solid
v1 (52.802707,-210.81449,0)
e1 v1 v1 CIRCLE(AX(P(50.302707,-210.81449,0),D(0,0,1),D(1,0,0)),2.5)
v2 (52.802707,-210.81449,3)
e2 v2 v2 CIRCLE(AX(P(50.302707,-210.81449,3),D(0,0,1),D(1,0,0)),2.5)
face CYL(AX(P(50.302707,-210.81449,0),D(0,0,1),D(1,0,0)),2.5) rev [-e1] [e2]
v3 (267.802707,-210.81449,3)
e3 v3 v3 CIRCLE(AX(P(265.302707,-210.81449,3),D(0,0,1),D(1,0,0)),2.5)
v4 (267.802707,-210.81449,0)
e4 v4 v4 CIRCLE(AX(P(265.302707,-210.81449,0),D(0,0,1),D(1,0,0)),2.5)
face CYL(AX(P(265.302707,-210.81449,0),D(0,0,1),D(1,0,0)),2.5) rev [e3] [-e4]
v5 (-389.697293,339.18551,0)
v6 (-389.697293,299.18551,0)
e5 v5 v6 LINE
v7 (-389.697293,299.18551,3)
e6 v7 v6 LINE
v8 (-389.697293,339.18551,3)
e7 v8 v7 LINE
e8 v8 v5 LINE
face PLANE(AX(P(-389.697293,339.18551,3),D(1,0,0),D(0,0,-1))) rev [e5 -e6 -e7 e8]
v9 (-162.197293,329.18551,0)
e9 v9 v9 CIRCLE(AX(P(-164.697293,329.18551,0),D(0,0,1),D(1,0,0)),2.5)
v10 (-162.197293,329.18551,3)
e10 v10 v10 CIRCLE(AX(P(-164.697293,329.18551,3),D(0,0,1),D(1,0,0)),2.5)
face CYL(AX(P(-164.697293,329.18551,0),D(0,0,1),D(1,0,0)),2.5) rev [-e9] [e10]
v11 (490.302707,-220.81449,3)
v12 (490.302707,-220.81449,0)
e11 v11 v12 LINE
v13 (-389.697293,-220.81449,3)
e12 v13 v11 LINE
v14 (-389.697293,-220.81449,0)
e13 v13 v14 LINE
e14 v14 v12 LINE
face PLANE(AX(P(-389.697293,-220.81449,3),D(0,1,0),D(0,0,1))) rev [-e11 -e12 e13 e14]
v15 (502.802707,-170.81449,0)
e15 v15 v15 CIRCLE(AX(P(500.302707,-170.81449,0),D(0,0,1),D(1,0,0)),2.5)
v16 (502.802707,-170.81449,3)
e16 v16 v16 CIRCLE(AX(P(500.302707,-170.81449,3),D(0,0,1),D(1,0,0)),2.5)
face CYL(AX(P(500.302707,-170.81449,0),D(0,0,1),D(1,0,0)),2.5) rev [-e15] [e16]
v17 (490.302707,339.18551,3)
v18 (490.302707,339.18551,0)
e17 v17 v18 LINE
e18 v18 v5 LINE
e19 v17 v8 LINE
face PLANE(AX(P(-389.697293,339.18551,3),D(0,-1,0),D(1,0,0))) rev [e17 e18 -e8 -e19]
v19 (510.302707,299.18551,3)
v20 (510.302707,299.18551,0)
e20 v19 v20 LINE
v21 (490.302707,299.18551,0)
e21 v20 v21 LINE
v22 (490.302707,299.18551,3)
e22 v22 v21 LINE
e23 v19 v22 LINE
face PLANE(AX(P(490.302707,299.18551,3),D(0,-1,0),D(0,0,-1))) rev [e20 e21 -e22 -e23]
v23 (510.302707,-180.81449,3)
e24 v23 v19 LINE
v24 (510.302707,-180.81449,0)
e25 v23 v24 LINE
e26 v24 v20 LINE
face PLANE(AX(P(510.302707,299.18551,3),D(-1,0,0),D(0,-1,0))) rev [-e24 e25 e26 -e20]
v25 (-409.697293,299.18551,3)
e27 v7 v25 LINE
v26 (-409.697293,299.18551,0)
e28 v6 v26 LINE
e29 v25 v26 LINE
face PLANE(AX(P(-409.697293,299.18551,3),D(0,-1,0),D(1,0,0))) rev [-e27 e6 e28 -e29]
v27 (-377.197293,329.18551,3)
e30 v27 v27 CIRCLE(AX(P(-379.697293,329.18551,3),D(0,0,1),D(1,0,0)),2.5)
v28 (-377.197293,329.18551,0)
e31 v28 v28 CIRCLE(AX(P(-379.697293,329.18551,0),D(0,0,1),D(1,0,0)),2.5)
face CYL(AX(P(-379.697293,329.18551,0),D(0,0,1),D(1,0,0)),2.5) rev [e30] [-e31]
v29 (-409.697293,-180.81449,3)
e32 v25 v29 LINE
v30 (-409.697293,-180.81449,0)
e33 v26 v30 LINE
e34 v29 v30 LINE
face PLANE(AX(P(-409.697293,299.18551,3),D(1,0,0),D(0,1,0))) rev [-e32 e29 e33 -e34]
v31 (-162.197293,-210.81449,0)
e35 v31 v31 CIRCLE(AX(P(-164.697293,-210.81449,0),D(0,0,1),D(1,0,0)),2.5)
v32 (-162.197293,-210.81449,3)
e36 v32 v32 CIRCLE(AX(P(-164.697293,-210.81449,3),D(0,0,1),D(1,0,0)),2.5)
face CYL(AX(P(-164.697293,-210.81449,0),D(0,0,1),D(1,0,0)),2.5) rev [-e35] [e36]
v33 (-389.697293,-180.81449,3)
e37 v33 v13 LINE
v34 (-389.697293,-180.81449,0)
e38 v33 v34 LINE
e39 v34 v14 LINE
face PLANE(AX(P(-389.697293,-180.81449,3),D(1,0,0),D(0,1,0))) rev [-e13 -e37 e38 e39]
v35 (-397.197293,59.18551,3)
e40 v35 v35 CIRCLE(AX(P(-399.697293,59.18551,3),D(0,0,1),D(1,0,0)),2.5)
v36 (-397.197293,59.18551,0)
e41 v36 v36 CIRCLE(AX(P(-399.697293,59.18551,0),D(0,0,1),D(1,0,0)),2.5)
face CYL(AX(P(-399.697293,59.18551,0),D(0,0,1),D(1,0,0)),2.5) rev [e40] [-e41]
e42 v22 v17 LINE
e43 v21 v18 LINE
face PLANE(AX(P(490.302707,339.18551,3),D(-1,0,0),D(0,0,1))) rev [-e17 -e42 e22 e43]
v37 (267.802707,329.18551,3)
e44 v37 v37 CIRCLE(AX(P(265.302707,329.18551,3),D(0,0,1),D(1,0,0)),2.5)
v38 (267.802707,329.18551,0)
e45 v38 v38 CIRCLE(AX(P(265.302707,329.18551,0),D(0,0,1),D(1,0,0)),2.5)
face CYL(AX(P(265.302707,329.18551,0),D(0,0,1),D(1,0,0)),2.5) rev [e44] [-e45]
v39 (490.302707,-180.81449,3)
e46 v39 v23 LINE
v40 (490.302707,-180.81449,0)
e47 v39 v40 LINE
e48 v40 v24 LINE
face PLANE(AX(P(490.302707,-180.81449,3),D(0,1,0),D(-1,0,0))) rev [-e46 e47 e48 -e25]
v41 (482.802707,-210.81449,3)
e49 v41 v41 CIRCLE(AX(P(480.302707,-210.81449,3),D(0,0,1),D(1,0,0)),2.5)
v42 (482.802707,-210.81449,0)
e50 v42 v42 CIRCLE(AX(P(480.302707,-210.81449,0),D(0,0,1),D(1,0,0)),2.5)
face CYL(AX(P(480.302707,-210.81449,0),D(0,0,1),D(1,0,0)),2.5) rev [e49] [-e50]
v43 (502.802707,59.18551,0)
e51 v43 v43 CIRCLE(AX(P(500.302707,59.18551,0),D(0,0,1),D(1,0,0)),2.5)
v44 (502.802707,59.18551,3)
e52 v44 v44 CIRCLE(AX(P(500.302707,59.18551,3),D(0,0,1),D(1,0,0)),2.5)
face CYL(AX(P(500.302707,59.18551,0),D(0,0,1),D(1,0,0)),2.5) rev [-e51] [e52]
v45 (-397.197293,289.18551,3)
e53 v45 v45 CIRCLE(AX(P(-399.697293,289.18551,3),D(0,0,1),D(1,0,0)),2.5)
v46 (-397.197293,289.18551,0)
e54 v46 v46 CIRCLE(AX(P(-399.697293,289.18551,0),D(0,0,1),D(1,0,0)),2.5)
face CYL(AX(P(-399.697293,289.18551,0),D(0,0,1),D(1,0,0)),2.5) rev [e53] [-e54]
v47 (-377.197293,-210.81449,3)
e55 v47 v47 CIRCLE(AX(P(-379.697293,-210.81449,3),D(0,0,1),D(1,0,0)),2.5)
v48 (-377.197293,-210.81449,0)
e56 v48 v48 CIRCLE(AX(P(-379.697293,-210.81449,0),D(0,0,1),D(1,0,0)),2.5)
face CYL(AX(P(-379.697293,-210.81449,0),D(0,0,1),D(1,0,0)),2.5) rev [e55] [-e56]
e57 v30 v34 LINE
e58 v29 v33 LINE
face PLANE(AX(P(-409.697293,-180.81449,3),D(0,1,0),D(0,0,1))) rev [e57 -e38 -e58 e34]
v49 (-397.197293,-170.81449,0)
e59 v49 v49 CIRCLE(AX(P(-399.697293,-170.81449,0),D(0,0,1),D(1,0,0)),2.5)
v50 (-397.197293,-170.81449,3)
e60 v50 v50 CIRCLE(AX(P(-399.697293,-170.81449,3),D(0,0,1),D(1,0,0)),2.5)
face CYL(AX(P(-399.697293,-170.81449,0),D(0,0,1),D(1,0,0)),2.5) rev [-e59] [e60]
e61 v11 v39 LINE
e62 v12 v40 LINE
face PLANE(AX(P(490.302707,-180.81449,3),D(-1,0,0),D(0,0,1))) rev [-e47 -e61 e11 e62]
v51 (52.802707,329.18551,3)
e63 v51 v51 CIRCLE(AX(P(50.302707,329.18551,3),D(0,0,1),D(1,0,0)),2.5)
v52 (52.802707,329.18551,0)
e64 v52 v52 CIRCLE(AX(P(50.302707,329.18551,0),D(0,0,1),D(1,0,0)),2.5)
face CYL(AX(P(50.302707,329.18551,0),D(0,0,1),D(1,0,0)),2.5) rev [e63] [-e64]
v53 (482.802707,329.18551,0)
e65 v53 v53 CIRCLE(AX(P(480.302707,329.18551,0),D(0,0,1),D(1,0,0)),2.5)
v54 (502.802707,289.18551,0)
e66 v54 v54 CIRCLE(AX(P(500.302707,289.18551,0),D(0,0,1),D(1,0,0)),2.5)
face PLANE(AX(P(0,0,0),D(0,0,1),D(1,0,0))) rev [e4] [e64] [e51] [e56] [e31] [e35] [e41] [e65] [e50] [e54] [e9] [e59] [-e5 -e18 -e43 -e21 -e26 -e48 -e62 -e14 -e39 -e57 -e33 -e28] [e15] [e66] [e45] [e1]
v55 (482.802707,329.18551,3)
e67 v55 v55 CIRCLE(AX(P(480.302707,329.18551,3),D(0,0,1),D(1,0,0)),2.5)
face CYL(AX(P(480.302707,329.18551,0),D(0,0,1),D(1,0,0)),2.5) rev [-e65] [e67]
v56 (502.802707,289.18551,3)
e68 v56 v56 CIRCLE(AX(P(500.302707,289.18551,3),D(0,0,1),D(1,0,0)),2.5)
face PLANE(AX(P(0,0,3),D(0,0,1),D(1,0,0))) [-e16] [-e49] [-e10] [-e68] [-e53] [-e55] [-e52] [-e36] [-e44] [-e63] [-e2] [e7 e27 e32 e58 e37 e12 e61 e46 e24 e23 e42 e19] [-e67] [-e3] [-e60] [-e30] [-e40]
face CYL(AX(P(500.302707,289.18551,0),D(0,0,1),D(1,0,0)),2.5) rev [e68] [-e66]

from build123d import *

# Parameters (mm, degrees)
BOSS_EXTRUDE1_DEPTH = 3
SKETCH2_R           = 2.5
CUT_EXTRUDE1_DEPTH  = 613.75171356


with BuildPart() as part:
    # Sketch1 → Boss-Extrude1 (new body)
    with BuildSketch(Plane.XY):
        Polygon((-389.697293258, 339.185509658), (490.302706742, 339.185509658), (490.302706742, 299.185509658), (510.302706742, 299.185509658), (510.302706742, -180.814490342), (490.302706742, -180.814490342), (490.302706742, -220.814490342), (-389.697293258, -220.814490342), (-389.697293258, -180.814490342), (-409.697293258, -180.814490342), (-409.697293258, 299.185509658), (-389.697293258, 299.185509658), align=None)
    extrude(amount=BOSS_EXTRUDE1_DEPTH)

    # Sketch2 → Cut-Extrude1 (cut, through all)
    with BuildSketch(Plane.XY.offset(3)):
        with Locations((-379.697293258, 329.185509658)):
            Circle(SKETCH2_R)
        with Locations((480.302706742, 329.185509658)):
            Circle(SKETCH2_R)
        with Locations((-164.697293258, 329.185509658)):
            Circle(SKETCH2_R)
        with Locations((50.302706742, 329.185509658)):
            Circle(SKETCH2_R)
        with Locations((265.302706742, 329.185509658)):
            Circle(SKETCH2_R)
        with Locations((-379.697293258, -210.814490342)):
            Circle(SKETCH2_R)
        with Locations((480.302706742, -210.814490342)):
            Circle(SKETCH2_R)
        with Locations((265.302706742, -210.814490342)):
            Circle(SKETCH2_R)
        with Locations((50.302706742, -210.814490342)):
            Circle(SKETCH2_R)
        with Locations((-164.697293258, -210.814490342)):
            Circle(SKETCH2_R)
        with Locations((-399.697293258, 289.185509658)):
            Circle(SKETCH2_R)
        with Locations((-399.697293258, -170.814490342)):
            Circle(SKETCH2_R)
        with Locations((-399.697293258, 59.185509658)):
            Circle(SKETCH2_R)
        with Locations((500.302706742, 289.185509658)):
            Circle(SKETCH2_R)
        with Locations((500.302706742, 59.185509658)):
            Circle(SKETCH2_R)
        with Locations((500.302706742, -170.814490342)):
            Circle(SKETCH2_R)
    extrude(amount=-CUT_EXTRUDE1_DEPTH, mode=Mode.SUBTRACT)


solid = part.part
